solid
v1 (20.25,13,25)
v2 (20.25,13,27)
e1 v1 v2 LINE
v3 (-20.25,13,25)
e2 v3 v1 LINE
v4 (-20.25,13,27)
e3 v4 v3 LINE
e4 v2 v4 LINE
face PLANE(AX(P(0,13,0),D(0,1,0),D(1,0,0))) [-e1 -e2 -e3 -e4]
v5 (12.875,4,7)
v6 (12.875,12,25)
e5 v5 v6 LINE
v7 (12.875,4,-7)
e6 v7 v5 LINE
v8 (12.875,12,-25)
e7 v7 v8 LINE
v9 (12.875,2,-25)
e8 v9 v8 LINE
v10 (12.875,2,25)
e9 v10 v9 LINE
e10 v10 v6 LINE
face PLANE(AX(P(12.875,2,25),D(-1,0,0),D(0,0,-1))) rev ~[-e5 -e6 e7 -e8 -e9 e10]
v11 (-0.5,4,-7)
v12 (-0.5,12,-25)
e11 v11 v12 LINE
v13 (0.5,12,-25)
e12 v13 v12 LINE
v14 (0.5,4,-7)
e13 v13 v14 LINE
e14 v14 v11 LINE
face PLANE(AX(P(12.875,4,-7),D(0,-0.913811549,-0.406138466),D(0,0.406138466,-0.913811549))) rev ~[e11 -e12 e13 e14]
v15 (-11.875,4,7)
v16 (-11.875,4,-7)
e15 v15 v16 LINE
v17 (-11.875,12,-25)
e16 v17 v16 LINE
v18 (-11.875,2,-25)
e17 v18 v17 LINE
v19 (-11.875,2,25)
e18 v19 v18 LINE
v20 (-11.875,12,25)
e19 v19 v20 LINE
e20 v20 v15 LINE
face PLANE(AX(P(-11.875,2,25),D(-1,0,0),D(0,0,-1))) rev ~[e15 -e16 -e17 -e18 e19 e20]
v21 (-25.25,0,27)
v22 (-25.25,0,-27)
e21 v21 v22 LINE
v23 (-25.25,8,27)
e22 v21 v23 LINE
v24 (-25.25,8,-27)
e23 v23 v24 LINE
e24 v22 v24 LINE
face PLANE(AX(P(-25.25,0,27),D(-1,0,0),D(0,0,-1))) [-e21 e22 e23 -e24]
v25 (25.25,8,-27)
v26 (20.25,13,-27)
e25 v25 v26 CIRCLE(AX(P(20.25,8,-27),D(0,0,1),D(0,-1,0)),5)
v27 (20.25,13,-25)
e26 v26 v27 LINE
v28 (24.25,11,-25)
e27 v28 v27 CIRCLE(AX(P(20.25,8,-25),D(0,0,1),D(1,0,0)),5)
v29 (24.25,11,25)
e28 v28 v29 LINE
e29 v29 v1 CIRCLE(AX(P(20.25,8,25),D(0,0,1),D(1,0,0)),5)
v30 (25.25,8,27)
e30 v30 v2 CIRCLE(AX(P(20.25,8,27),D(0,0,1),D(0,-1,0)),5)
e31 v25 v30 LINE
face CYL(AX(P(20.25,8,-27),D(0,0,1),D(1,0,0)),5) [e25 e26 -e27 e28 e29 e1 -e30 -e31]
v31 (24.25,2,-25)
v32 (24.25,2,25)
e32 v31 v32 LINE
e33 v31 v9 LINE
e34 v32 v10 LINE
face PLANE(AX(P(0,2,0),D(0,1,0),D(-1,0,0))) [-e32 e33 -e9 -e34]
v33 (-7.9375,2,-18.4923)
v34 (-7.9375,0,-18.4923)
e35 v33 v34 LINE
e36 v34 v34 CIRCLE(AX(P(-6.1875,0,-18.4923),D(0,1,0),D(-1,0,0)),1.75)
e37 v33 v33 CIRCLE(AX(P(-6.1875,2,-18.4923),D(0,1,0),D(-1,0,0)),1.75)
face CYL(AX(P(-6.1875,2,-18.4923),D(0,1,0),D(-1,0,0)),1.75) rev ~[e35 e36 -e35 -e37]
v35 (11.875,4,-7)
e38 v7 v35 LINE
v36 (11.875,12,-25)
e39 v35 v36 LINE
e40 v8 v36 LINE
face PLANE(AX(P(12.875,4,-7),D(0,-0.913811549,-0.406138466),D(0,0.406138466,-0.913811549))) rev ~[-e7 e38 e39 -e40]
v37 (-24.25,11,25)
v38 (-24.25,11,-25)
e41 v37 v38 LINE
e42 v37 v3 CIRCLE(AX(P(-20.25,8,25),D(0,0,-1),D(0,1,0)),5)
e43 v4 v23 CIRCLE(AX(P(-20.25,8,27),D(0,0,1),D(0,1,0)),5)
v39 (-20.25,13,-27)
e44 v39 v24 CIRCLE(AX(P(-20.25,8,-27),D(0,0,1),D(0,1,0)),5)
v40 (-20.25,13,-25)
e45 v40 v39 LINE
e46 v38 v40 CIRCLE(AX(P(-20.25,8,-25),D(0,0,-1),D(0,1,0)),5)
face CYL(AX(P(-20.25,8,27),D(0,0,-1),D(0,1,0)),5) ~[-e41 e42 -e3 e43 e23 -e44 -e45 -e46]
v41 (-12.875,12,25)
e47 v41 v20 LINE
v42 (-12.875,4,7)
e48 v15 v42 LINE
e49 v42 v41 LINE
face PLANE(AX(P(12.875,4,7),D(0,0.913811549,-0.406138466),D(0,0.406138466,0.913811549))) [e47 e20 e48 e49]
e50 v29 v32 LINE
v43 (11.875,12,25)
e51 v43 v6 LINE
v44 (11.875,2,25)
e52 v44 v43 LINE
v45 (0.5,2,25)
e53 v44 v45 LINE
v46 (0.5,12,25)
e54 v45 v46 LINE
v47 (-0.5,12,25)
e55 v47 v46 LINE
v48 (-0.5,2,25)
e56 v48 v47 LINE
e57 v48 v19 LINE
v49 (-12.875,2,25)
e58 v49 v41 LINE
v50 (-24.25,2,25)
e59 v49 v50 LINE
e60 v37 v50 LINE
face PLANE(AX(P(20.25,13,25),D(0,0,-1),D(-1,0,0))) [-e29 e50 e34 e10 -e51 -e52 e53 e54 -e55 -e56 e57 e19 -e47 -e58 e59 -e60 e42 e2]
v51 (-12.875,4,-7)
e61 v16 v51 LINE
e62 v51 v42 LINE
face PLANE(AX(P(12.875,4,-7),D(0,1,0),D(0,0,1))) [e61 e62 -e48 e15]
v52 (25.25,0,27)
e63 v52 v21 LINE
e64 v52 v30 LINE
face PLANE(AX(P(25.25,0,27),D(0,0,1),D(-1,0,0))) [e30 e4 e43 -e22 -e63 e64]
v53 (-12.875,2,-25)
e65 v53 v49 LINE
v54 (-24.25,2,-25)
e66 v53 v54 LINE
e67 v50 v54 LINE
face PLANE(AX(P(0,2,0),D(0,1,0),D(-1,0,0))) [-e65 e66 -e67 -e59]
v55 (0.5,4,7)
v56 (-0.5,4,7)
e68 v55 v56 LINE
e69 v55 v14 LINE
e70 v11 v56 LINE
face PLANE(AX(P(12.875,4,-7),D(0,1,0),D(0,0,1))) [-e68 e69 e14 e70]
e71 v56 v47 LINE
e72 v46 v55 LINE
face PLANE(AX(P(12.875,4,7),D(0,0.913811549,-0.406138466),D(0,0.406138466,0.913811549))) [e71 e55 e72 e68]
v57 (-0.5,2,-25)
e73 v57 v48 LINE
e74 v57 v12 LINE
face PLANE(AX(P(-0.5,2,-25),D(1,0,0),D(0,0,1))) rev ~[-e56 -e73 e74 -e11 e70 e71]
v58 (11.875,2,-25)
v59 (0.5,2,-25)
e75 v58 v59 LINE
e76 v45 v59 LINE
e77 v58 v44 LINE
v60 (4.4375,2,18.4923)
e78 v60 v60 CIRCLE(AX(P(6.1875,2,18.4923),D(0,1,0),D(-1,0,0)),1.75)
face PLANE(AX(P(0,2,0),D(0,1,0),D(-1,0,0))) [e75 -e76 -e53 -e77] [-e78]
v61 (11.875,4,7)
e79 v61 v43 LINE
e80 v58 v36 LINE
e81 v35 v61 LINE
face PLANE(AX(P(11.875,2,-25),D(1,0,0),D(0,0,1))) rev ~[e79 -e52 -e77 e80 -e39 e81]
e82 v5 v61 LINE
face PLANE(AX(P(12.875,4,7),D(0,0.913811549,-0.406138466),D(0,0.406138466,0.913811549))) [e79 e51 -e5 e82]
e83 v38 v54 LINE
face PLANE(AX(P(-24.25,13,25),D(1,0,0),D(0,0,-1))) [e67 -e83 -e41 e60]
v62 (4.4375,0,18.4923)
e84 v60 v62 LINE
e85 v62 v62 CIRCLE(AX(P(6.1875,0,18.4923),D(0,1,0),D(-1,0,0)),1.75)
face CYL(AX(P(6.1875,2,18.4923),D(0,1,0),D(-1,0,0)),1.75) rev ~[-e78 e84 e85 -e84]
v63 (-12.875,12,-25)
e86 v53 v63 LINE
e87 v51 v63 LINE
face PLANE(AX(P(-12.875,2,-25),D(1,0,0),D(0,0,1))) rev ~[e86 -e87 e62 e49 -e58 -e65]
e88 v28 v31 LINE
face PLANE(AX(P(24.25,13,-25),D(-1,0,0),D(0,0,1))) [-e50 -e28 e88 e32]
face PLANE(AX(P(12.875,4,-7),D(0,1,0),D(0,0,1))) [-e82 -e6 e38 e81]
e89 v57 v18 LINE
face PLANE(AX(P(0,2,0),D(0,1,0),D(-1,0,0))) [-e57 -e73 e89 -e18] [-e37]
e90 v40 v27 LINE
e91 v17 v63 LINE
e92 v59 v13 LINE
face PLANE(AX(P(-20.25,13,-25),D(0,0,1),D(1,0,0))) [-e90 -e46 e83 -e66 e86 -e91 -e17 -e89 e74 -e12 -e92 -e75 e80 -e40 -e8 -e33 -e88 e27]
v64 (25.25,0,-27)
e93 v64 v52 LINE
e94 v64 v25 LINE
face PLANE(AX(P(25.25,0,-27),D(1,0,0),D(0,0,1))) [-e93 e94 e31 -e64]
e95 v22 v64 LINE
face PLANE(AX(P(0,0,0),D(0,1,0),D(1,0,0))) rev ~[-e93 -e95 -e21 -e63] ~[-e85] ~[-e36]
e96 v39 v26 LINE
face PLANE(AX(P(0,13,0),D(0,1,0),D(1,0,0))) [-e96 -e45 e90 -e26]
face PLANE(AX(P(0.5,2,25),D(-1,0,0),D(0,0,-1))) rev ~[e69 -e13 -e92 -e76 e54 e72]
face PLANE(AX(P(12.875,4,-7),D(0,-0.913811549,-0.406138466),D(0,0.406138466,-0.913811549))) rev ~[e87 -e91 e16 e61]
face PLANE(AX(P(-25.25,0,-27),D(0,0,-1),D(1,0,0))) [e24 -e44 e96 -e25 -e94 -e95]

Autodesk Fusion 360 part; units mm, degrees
sketch "スケッチ1" plane through (0, 0, 0) normal (0, 1, 0) x (1, 0, 0)
  line L0 (25.25, -27) -> (-25.25, -27)
  line L1 (-25.25, -27) -> (-25.25, 27)
  line L2 (-25.25, 27) -> (25.25, 27)
  line L3 (25.25, 27) -> (25.25, -27)
  line L4 (25.25, -27) -> (-25.25, 27) construction
  line L5 (-25.25, -27) -> (25.25, 27) construction
  dimension "d1" = 50.5
  dimension "d2" = 54
sketch "スケッチ2" plane through (12.875, 0, 0) normal (1, 0, 0) x (0, 0, -1)
  line L0 (-25, 2) -> (25, 2)
  line L1 (25, 2) -> (25, 12)
  line L2 (25, 12) -> (-25, 12)
  line L3 (-25, 12) -> (-25, 2)
  line L4 (25, 2) -> (7, 2) construction
  line L5 (7, 2) -> (7, 4) construction
  line L6 (7, 4) -> (25, 4) construction
  line L7 (25, 4) -> (25, 2) construction
  line L8 (7, 4) -> (-7, 4)
  line L9 (-7, 4) -> (-7, 12)
  line L10 (-7, 12) -> (7, 12)
  line L11 (7, 12) -> (7, 4)
  dimension "d7" = 18
  dimension "d8" = 2
  dimension "d11" = 14
sketch "スケッチ3" plane through (0, 2, 0) normal (0, 1, 0) x (-1, 0, 0)
  circle A0 centre (-6.1875, 18.4923) radius 1.75
  line L0 (-0.5, -25) -> (-0.5, 25)
  line L1 (-0.5, 25) -> (-11.875, 25)
  line L2 (-11.875, 25) -> (-11.875, -25)
  line L3 (-11.875, -25) -> (-0.5, -25)
  line L4 (-6.1875, 18.4923) -> (6.1875, 18.4923) construction
  line L5 (6.1875, 18.4923) -> (6.1875, -18.4923) construction
  line L6 (6.1875, -18.4923) -> (-6.1875, -18.4923) construction
  line L7 (-6.1875, -18.4923) -> (-6.1875, 18.4923) construction
  circle A1 centre (6.1875, -18.4923) radius 1.75
  dimension "d12" = 12.375
  dimension "d13" = 36.9846
  dimension "d14" = 3.5
sketch "スケッチ4" plane through (0, 2, 0) normal (0, 1, 0) x (-1, 0, 0)
  line L0 (-0.5, -25) -> (-0.5, 25)
  line L1 (-0.5, 25) -> (-11.875, 25)
  line L2 (-11.875, 25) -> (-11.875, -25)
  line L3 (-11.875, -25) -> (-0.5, -25)
  line L4 (-11.875, 25) -> (-6.1875, 25) construction
  line L5 (-6.1875, 25) -> (-6.1875, 18.4923) construction
  line L6 (-6.1875, 18.4923) -> (-11.875, 18.4923) construction
  line L7 (-11.875, 18.4923) -> (-11.875, 25) construction
  circle A0 centre (-6.1875, 18.4923) radius 1.75
  dimension "d17" = 5.6875
  dimension "d18" = 6.5077
  dimension "d19" = 3.5
sketch "スケッチ5" plane through (0, 2, 0) normal (0, 1, 0) x (-1, 0, 0)
  line L0 (0.5, 25) -> (0.5, -25)
  line L1 (0.5, -25) -> (24.25, -25)
  line L2 (24.25, -25) -> (24.25, 25)
  line L3 (24.25, 25) -> (0.5, 25)
  line L4 (0.5, -25) -> (11.875, -25) construction
  line L5 (11.875, -25) -> (11.875, 25) construction
  line L6 (11.875, 25) -> (0.5, 25) construction
  line L7 (0.5, 25) -> (0.5, -25) construction
  line L8 (11.875, -25) -> (12.875, -25)
  line L9 (12.875, -25) -> (12.875, 25)
  line L10 (12.875, 25) -> (11.875, 25)
  line L11 (11.875, 25) -> (11.875, -25)
  dimension "d20" = 50
  dimension "d23" = 11.375
  dimension "d24" = 1
  dimension "d25" = 50
sketch "スケッチ6" plane through (0, 2, 0) normal (0, 1, 0) x (-1, 0, 0)
  line L0 (-11.875, 25) -> (-11.875, -25)
  line L1 (-11.875, -25) -> (24.25, -25)
  line L2 (24.25, -25) -> (24.25, 25)
  line L3 (24.25, 25) -> (-11.875, 25)
  line L4 (-11.875, -25) -> (-0.5, -25) construction
  line L5 (-0.5, -25) -> (-0.5, 25) construction
  line L6 (-0.5, 25) -> (-11.875, 25) construction
  line L7 (-11.875, 25) -> (-11.875, -25) construction
  line L8 (-0.5, -25) -> (0.5, -25)
  line L9 (0.5, -25) -> (0.5, 25)
  line L10 (0.5, 25) -> (-0.5, 25)
  line L11 (-0.5, 25) -> (-0.5, -25)
  dimension "d26" = 11.375
  dimension "d29" = 50
  dimension "d30" = 50
  dimension "d31" = 1
sketch "スケッチ7" plane through (0, 2, 0) normal (0, 1, 0) x (-1, 0, 0)
  line L0 (-24.25, -25) -> (24.25, -25)
  line L1 (24.25, -25) -> (24.25, 25)
  line L2 (24.25, 25) -> (-24.25, 25)
  line L3 (-24.25, 25) -> (-24.25, -25)
  line L4 (-24.25, -25) -> (-12.875, -25) construction
  line L5 (-12.875, -25) -> (-12.875, 25) construction
  line L6 (-12.875, 25) -> (-24.25, 25) construction
  line L7 (-24.25, 25) -> (-24.25, -25) construction
  line L8 (-12.875, -25) -> (-11.875, -25)
  line L9 (-11.875, -25) -> (-11.875, 25)
  line L10 (-11.875, 25) -> (-12.875, 25)
  line L11 (-12.875, 25) -> (-12.875, -25)
  dimension "d38" = 50
  dimension "d39" = 11.375
  dimension "d40" = 50
  dimension "d43" = 1
sketch "スケッチ8" plane through (12.875, 0, 0) normal (1, 0, 0) x (0, 0, -1)
  line L0 (7, 12) -> (7, 4)
  line L1 (7, 4) -> (-7, 4)
  line L2 (-7, 4) -> (-7, 12)
  line L3 (-7, 12) -> (-25, 12)
  line L4 (-25, 12) -> (-25, 2)
  line L5 (-25, 2) -> (25, 2)
  line L6 (25, 2) -> (25, 12)
  line L7 (25, 12) -> (7, 12)
  line L8 (7, 4) -> (25, 12)
  line L9 (25, 12) -> (7, 12)
  line L10 (7, 12) -> (7, 4)
sketch "スケッチ9" plane through (12.875, 0, 0) normal (1, 0, 0) x (0, 0, -1)
  line L0 (25, 12) -> (7, 4)
  line L1 (7, 4) -> (-7, 4)
  line L2 (-7, 4) -> (-7, 12)
  line L3 (-7, 12) -> (-25, 12)
  line L4 (-25, 12) -> (-25, 2)
  line L5 (-25, 2) -> (25, 2)
  line L6 (25, 2) -> (25, 12)
  line L7 (-7, 12) -> (-7, 4)
  line L8 (-7, 12) -> (-25, 12)
  line L9 (-7, 4) -> (-25, 12)
sketch "スケッチ10" plane through (0, 13, 0) normal (0, 1, 0) x (-1, 0, 0)
  line L0 (20.25, -27) -> (20.25, 27)
  line L1 (20.25, 27) -> (-20.25, 27)
  line L2 (-20.25, 27) -> (-20.25, -27)
  line L3 (-20.25, -27) -> (20.25, -27)
  line L4 (-24.25, 25) -> (24.25, 25)
  line L5 (24.25, 25) -> (24.25, -25)
  line L6 (24.25, -25) -> (-24.25, -25)
  line L7 (-24.25, -25) -> (-24.25, 25)
  line L8 (-24.25, 25) -> (24.25, -25) construction
  line L9 (24.25, 25) -> (-24.25, -25) construction
  dimension "d44" = 48.5
  dimension "d45" = 50
extrude "押し出し1" add sketch "スケッチ1" along normal blind 13
fillet "フィレット1" radius 5 1 edges at (25.25, 13, 0)
fillet "フィレット2" radius 5 1 edges at (-25.25, 13, 0)
extrude "押し出し2" cut sketch "スケッチ10" against normal blind 11 contours L0 L2 L4 L6 | L0 L4 L5 L6 | L2 L4 L6 L7
extrude "押し出し3" add sketch "スケッチ7" along normal blind 10 contours L0 L2 L8 L9 L10 L11
extrude "押し出し4" add sketch "スケッチ6" along normal blind 10 contours L1 L3 L8 L9 L10 L11
extrude "押し出し5" add sketch "スケッチ5" along normal blind 10 contours L1 L3 L8 L9 L10 L11
extrude "押し出し6" cut sketch "スケッチ2" against normal blind 28 contours L2 L8 L9 L10 L11
extrude "押し出し7" cut sketch "スケッチ8" against normal blind 27 contours L0 L7 L8 L9 L10
extrude "押し出し8" cut sketch "スケッチ9" against normal blind 28 contours L2 L3 L7 L8 L9
extrude "押し出し9" cut sketch "スケッチ4" against normal blind 12 contours A0
extrude "押し出し10" cut sketch "スケッチ3" against normal blind 2 contours A1
